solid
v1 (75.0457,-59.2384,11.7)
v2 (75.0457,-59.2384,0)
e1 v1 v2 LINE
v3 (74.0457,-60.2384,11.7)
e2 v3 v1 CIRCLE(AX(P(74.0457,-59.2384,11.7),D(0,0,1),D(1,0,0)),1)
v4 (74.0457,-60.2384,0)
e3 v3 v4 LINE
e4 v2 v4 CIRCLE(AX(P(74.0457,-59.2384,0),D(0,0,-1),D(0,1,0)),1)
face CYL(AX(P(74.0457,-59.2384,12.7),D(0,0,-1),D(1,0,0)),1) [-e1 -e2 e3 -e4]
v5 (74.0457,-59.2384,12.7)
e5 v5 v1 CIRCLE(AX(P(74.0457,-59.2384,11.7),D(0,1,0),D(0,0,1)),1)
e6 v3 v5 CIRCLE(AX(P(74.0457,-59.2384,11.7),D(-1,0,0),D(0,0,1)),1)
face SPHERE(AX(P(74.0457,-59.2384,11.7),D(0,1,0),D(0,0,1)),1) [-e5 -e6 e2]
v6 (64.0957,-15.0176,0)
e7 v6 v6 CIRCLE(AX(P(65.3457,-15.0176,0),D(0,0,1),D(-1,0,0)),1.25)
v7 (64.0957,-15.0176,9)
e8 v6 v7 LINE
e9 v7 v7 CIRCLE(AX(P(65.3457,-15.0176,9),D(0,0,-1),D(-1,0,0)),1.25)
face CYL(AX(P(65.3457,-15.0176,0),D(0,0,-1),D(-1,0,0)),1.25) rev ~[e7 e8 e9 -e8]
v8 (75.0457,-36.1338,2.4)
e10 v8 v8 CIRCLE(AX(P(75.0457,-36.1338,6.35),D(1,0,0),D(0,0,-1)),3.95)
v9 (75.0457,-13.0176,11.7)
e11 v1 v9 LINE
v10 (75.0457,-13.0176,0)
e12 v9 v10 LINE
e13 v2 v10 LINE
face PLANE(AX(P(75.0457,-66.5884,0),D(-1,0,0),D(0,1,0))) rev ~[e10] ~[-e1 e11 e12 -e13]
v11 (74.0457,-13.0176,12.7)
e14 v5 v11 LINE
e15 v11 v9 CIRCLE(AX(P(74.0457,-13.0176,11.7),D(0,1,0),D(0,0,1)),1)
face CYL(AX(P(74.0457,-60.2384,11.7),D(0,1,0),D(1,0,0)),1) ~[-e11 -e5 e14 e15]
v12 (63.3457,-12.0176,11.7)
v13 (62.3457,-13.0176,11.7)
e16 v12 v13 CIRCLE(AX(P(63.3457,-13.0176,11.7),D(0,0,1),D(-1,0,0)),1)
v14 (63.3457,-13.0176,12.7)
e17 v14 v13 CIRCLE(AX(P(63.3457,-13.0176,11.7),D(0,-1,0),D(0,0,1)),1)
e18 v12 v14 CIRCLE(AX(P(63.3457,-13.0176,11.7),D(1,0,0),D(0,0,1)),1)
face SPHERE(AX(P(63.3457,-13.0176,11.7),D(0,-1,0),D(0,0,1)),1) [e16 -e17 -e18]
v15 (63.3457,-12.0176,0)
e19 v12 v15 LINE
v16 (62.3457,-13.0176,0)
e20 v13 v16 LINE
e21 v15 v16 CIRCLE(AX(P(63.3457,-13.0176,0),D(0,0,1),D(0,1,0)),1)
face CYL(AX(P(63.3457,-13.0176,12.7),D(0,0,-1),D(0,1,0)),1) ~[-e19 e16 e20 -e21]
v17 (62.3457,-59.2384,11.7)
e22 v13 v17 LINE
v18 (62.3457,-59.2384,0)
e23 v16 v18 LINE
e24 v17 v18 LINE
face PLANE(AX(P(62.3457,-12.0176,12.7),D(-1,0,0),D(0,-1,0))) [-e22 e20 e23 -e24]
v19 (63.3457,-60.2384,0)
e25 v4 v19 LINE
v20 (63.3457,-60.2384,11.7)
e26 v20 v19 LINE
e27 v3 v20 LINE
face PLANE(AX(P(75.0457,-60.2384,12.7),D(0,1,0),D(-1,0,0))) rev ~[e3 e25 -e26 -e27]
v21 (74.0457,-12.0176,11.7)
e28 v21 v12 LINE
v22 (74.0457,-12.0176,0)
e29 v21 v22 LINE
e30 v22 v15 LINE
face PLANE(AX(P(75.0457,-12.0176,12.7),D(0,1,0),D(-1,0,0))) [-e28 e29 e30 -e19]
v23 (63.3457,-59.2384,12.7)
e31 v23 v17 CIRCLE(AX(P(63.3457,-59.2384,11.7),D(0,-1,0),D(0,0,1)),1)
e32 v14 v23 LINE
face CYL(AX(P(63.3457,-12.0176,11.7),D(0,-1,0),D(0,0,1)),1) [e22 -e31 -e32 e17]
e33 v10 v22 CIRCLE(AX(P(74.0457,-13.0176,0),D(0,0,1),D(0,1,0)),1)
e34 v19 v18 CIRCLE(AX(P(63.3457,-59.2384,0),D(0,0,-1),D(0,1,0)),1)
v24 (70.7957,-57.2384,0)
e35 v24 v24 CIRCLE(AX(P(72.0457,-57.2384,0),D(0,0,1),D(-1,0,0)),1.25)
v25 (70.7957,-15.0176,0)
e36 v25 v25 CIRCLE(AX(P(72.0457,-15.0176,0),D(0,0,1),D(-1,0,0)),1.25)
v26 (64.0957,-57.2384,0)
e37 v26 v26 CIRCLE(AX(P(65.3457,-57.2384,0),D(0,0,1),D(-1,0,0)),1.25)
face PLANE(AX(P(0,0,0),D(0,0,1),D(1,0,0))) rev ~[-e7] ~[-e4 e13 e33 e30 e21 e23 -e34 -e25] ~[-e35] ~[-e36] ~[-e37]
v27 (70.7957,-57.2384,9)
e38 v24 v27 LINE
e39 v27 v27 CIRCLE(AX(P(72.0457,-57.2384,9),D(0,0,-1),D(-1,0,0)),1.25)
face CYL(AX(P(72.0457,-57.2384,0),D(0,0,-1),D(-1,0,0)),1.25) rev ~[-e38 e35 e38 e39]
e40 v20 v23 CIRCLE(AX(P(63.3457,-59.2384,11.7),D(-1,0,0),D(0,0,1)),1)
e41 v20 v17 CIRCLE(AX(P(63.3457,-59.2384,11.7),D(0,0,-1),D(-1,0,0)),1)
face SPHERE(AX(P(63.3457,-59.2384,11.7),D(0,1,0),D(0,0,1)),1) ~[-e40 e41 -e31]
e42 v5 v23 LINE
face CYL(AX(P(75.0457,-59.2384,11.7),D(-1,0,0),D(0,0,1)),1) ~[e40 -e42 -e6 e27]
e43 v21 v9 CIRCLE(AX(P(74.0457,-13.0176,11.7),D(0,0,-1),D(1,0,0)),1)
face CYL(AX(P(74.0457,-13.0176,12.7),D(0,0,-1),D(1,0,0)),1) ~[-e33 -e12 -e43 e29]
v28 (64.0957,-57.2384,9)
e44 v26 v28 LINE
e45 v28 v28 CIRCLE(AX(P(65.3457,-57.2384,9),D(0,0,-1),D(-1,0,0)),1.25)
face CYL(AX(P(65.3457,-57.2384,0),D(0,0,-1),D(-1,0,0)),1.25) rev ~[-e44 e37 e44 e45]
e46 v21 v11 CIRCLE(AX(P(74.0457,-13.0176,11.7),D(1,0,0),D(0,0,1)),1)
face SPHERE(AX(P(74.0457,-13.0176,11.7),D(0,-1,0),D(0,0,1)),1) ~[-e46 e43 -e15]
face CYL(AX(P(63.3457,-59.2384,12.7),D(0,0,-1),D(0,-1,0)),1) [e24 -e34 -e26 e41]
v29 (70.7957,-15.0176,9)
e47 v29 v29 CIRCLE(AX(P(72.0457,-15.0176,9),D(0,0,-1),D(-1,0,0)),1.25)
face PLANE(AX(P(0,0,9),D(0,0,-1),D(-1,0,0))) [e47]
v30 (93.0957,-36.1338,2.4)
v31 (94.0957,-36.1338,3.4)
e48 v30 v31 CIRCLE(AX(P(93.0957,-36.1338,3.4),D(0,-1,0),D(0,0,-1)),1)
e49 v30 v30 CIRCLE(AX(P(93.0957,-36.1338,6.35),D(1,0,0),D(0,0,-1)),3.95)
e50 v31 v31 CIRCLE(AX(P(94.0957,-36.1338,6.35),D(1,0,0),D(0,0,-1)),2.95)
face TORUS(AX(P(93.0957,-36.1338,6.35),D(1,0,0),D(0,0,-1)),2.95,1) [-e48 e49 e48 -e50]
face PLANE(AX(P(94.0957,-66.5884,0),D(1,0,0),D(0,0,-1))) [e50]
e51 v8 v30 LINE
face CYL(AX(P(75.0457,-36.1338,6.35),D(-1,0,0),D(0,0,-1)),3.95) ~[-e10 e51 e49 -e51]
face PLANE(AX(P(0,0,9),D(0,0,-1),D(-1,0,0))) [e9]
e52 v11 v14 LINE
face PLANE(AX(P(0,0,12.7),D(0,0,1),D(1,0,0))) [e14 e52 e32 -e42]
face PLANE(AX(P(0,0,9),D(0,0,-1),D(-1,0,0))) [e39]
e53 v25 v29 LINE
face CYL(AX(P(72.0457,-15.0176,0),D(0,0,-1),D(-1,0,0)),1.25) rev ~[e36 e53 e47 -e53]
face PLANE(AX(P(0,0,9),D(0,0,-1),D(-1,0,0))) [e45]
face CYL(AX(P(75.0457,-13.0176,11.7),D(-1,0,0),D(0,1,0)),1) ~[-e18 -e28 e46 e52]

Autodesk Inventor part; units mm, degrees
ref_plane "YZ Plane" through (0, 0, 0) normal (1, 0, 0) x (0, 1, 0)
ref_plane "XZ Plane" through (0, 0, 0) normal (0, 1, 0) x (-1, 0, 0)
ref_plane "XY Plane" through (0, 0, 0) normal (0, 0, 1) x (1, 0, 0)
sketch "Sketch1" plane through (0, 0, 0) normal (0, 0, 1) x (1, 0, 0)
  line L0 (100.4457, -5.6676) -> (100.4457, -66.5884) projected
  line L1 (75.0457, -66.5884) -> (75.0457, -5.6676) projected
  line L2 (75.0457, -5.6676) -> (55.9957, -5.6676)
  line L3 (55.9957, -5.6676) -> (55.9957, -66.5884)
  line L4 (55.9957, -66.5884) -> (75.0457, -66.5884)
  line L5 (75.0457, -66.5884) -> (75.0457, -5.6676)
  line L6 (75.0457, -5.6676) -> (62.3457, -5.6676)
  line L7 (62.3457, -5.6676) -> (62.3457, -66.5884)
  line L8 (62.3457, -66.5884) -> (75.0457, -66.5884)
  line L9 (75.0457, -66.5884) -> (75.0457, -5.6676)
  line L10 (55.9957, -5.6676) -> (59.1707, -5.6676)
  line L11 (59.1707, -5.6676) -> (59.1707, -66.5884)
  line L12 (59.1707, -5.6676) -> (59.1707, -12.0176)
  circle A0 centre (59.1707, -12.0176) radius 1.5
  line L13 (59.1707, -66.5884) -> (59.1707, -60.2384)
  circle A1 centre (59.1707, -60.2384) radius 1.5
  line L14 (59.1707, -12.0176) -> (59.1707, -36.1222)
  circle A2 centre (59.1707, -36.1222) radius 1.5
  point P0 (0, 0)
  dimension "d0" = 19.05
  dimension "d1" = 12.7
  dimension "d2" = 3.175
  dimension "d3" = 6.35
  dimension "d4" = 3
  dimension "d5" = 6.35
  dimension "d6" = 3
  dimension "d7" = 24.1046
  dimension "d8" = 3
extrude "Extrusion1" add sketch "Sketch1" along normal blind 12.7
sketch "Sketch2" plane through (75.0457, -66.5884, 0) normal (1, 0, 0) x (0, 0, -1)
  line L0 (0, 60.9208) -> (0, 0) projected
  line L1 (0, 0) -> (0, 30.4546)
  line L2 (0, 30.4546) -> (-6.35, 30.4546)
  circle A0 centre (-6.35, 30.4546) radius 3.95
  point P0 (0, 66.5884)
  dimension "d11" = 30.4546
  dimension "d12" = 6.35
  dimension "d13" = 7.9
extrude "Extrusion2" add sketch "Sketch2" along normal blind 19.05
sketch "Sketch3" plane through (0, 0, 12.7) normal (0, 0, 1) x (1, 0, 0)
  line L0 (75.0457, -5.6676) -> (55.9957, -5.6676)
  line L1 (55.9957, -5.6676) -> (55.9957, -66.5884)
  line L2 (55.9957, -66.5884) -> (75.0457, -66.5884)
  line L3 (75.0457, -5.6676) -> (62.3457, -5.6676)
  line L4 (62.3457, -5.6676) -> (62.3457, -66.5884)
  line L5 (62.3457, -66.5884) -> (75.0457, -66.5884)
  line L6 (55.9957, -5.6676) -> (59.1707, -5.6676)
  line L7 (59.1707, -5.6676) -> (59.1707, -66.5884)
  line L8 (59.1707, -5.6676) -> (59.1707, -12.0176)
  circle A0 centre (59.1707, -12.0176) radius 1.5
  line L9 (59.1707, -66.5884) -> (59.1707, -60.2384)
  circle A1 centre (59.1707, -60.2384) radius 1.5
  line L10 (59.1707, -12.0176) -> (59.1707, -36.1222)
  circle A2 centre (59.1707, -36.1222) radius 1.5
  line L11 (55.9957, -5.6676) -> (62.3457, -5.6676)
  line L12 (62.3457, -5.6676) -> (62.3457, -66.5884)
  line L13 (62.3457, -66.5884) -> (55.9957, -66.5884)
  line L14 (55.9957, -66.5884) -> (55.9957, -5.6676)
  line L15 (75.0457, -66.5884) -> (75.0457, -5.6676) projected
  line L16 (62.3457, -5.6676) -> (75.0457, -5.6676)
  line L17 (75.0457, -5.6676) -> (75.0457, -12.0176)
  line L18 (75.0457, -12.0176) -> (62.3457, -12.0176)
  line L19 (62.3457, -12.0176) -> (62.3457, -5.6676)
  line L20 (62.3457, -66.5884) -> (75.0457, -66.5884)
  line L21 (75.0457, -66.5884) -> (75.0457, -60.2384)
  line L22 (75.0457, -60.2384) -> (62.3457, -60.2384)
  line L23 (62.3457, -60.2384) -> (62.3457, -66.5884)
  point P0 (0, 0)
  dimension "d16" = 19.05
  dimension "d17" = 12.7
  dimension "d18" = 3.175
  dimension "d19" = 6.35
  dimension "d20" = 3
  dimension "d21" = 6.35
  dimension "d22" = 3
  dimension "d23" = 24.1046
  dimension "d24" = 3
  dimension "d27" = 60.9208
  dimension "d28" = 6.35
  dimension "d29" = 6.35
extrude "Extrusion3" cut sketch "Sketch3" against normal blind 2540 contours L15 L18 L4 L0 | L4 L2 L7 A1 A2 A0 L0 | L7 A0 A2 A1 L2 L1 L0 | L15 L2 L4 L22 | A0 L7 | L7 A0 | A2 L7 | L7 A2 | A1 L7 | L7 A1
fillet "Fillet1" radius 1 8 edges at (62.3457, -36.128, 12.7) (75.0457, -36.128, 12.7) (68.6957, -60.2384, 12.7) (68.6957, -12.0176, 12.7) (62.3457, -12.0176, 6.35) (62.3457, -60.2384, 6.35) (75.0457, -60.2384, 6.35) (75.0457, -12.0176, 6.35)
fillet "Fillet2" radius 1 1 edges at (94.0957, -36.1338, 10.3)
fillet "Fillet3" [suppressed]
sketch "Sketch5" plane through (0, 0, 0) normal (0, 0, -1) x (-1, 0, 0)
  line L0 (-63.3457, -12.0176) -> (-74.0457, -12.0176) projected
  line L1 (-74.0457, -12.0176) -> (-72.0457, -12.0176)
  line L2 (-72.0457, -12.0176) -> (-72.0457, -15.0176)
  circle A0 centre (-72.0457, -15.0176) radius 1.25
  line L3 (-68.6957, -12.0176) -> (-68.6957, -9.3578)
  line L4 (-62.3457, -59.2384) -> (-62.3457, -13.0176) projected
  line L5 (-62.3457, -36.128) -> (-58.1504, -36.128)
  line L6 (-74.0457, -12.0176) -> (-63.3457, -12.0176)
  line L7 (-63.3457, -12.0176) -> (-65.3457, -12.0176)
  line L8 (-65.3457, -12.0176) -> (-65.3457, -15.0176)
  circle A1 centre (-65.3457, -15.0176) radius 1.25
  line L9 (-72.0457, -60.2384) -> (-72.0457, -57.2384)
  circle A2 centre (-72.0457, -57.2384) radius 1.25
  line L10 (-65.3457, -60.2384) -> (-65.3457, -57.2384)
  circle A3 centre (-65.3457, -57.2384) radius 1.25
  point P0 (0, 0)
  dimension "d48" = 2
  dimension "d49" = 3
  dimension "d50" = 2.5
extrude "Extrusion5" cut sketch "Sketch5" against normal blind 9
properties part number "BackWheelMount"
